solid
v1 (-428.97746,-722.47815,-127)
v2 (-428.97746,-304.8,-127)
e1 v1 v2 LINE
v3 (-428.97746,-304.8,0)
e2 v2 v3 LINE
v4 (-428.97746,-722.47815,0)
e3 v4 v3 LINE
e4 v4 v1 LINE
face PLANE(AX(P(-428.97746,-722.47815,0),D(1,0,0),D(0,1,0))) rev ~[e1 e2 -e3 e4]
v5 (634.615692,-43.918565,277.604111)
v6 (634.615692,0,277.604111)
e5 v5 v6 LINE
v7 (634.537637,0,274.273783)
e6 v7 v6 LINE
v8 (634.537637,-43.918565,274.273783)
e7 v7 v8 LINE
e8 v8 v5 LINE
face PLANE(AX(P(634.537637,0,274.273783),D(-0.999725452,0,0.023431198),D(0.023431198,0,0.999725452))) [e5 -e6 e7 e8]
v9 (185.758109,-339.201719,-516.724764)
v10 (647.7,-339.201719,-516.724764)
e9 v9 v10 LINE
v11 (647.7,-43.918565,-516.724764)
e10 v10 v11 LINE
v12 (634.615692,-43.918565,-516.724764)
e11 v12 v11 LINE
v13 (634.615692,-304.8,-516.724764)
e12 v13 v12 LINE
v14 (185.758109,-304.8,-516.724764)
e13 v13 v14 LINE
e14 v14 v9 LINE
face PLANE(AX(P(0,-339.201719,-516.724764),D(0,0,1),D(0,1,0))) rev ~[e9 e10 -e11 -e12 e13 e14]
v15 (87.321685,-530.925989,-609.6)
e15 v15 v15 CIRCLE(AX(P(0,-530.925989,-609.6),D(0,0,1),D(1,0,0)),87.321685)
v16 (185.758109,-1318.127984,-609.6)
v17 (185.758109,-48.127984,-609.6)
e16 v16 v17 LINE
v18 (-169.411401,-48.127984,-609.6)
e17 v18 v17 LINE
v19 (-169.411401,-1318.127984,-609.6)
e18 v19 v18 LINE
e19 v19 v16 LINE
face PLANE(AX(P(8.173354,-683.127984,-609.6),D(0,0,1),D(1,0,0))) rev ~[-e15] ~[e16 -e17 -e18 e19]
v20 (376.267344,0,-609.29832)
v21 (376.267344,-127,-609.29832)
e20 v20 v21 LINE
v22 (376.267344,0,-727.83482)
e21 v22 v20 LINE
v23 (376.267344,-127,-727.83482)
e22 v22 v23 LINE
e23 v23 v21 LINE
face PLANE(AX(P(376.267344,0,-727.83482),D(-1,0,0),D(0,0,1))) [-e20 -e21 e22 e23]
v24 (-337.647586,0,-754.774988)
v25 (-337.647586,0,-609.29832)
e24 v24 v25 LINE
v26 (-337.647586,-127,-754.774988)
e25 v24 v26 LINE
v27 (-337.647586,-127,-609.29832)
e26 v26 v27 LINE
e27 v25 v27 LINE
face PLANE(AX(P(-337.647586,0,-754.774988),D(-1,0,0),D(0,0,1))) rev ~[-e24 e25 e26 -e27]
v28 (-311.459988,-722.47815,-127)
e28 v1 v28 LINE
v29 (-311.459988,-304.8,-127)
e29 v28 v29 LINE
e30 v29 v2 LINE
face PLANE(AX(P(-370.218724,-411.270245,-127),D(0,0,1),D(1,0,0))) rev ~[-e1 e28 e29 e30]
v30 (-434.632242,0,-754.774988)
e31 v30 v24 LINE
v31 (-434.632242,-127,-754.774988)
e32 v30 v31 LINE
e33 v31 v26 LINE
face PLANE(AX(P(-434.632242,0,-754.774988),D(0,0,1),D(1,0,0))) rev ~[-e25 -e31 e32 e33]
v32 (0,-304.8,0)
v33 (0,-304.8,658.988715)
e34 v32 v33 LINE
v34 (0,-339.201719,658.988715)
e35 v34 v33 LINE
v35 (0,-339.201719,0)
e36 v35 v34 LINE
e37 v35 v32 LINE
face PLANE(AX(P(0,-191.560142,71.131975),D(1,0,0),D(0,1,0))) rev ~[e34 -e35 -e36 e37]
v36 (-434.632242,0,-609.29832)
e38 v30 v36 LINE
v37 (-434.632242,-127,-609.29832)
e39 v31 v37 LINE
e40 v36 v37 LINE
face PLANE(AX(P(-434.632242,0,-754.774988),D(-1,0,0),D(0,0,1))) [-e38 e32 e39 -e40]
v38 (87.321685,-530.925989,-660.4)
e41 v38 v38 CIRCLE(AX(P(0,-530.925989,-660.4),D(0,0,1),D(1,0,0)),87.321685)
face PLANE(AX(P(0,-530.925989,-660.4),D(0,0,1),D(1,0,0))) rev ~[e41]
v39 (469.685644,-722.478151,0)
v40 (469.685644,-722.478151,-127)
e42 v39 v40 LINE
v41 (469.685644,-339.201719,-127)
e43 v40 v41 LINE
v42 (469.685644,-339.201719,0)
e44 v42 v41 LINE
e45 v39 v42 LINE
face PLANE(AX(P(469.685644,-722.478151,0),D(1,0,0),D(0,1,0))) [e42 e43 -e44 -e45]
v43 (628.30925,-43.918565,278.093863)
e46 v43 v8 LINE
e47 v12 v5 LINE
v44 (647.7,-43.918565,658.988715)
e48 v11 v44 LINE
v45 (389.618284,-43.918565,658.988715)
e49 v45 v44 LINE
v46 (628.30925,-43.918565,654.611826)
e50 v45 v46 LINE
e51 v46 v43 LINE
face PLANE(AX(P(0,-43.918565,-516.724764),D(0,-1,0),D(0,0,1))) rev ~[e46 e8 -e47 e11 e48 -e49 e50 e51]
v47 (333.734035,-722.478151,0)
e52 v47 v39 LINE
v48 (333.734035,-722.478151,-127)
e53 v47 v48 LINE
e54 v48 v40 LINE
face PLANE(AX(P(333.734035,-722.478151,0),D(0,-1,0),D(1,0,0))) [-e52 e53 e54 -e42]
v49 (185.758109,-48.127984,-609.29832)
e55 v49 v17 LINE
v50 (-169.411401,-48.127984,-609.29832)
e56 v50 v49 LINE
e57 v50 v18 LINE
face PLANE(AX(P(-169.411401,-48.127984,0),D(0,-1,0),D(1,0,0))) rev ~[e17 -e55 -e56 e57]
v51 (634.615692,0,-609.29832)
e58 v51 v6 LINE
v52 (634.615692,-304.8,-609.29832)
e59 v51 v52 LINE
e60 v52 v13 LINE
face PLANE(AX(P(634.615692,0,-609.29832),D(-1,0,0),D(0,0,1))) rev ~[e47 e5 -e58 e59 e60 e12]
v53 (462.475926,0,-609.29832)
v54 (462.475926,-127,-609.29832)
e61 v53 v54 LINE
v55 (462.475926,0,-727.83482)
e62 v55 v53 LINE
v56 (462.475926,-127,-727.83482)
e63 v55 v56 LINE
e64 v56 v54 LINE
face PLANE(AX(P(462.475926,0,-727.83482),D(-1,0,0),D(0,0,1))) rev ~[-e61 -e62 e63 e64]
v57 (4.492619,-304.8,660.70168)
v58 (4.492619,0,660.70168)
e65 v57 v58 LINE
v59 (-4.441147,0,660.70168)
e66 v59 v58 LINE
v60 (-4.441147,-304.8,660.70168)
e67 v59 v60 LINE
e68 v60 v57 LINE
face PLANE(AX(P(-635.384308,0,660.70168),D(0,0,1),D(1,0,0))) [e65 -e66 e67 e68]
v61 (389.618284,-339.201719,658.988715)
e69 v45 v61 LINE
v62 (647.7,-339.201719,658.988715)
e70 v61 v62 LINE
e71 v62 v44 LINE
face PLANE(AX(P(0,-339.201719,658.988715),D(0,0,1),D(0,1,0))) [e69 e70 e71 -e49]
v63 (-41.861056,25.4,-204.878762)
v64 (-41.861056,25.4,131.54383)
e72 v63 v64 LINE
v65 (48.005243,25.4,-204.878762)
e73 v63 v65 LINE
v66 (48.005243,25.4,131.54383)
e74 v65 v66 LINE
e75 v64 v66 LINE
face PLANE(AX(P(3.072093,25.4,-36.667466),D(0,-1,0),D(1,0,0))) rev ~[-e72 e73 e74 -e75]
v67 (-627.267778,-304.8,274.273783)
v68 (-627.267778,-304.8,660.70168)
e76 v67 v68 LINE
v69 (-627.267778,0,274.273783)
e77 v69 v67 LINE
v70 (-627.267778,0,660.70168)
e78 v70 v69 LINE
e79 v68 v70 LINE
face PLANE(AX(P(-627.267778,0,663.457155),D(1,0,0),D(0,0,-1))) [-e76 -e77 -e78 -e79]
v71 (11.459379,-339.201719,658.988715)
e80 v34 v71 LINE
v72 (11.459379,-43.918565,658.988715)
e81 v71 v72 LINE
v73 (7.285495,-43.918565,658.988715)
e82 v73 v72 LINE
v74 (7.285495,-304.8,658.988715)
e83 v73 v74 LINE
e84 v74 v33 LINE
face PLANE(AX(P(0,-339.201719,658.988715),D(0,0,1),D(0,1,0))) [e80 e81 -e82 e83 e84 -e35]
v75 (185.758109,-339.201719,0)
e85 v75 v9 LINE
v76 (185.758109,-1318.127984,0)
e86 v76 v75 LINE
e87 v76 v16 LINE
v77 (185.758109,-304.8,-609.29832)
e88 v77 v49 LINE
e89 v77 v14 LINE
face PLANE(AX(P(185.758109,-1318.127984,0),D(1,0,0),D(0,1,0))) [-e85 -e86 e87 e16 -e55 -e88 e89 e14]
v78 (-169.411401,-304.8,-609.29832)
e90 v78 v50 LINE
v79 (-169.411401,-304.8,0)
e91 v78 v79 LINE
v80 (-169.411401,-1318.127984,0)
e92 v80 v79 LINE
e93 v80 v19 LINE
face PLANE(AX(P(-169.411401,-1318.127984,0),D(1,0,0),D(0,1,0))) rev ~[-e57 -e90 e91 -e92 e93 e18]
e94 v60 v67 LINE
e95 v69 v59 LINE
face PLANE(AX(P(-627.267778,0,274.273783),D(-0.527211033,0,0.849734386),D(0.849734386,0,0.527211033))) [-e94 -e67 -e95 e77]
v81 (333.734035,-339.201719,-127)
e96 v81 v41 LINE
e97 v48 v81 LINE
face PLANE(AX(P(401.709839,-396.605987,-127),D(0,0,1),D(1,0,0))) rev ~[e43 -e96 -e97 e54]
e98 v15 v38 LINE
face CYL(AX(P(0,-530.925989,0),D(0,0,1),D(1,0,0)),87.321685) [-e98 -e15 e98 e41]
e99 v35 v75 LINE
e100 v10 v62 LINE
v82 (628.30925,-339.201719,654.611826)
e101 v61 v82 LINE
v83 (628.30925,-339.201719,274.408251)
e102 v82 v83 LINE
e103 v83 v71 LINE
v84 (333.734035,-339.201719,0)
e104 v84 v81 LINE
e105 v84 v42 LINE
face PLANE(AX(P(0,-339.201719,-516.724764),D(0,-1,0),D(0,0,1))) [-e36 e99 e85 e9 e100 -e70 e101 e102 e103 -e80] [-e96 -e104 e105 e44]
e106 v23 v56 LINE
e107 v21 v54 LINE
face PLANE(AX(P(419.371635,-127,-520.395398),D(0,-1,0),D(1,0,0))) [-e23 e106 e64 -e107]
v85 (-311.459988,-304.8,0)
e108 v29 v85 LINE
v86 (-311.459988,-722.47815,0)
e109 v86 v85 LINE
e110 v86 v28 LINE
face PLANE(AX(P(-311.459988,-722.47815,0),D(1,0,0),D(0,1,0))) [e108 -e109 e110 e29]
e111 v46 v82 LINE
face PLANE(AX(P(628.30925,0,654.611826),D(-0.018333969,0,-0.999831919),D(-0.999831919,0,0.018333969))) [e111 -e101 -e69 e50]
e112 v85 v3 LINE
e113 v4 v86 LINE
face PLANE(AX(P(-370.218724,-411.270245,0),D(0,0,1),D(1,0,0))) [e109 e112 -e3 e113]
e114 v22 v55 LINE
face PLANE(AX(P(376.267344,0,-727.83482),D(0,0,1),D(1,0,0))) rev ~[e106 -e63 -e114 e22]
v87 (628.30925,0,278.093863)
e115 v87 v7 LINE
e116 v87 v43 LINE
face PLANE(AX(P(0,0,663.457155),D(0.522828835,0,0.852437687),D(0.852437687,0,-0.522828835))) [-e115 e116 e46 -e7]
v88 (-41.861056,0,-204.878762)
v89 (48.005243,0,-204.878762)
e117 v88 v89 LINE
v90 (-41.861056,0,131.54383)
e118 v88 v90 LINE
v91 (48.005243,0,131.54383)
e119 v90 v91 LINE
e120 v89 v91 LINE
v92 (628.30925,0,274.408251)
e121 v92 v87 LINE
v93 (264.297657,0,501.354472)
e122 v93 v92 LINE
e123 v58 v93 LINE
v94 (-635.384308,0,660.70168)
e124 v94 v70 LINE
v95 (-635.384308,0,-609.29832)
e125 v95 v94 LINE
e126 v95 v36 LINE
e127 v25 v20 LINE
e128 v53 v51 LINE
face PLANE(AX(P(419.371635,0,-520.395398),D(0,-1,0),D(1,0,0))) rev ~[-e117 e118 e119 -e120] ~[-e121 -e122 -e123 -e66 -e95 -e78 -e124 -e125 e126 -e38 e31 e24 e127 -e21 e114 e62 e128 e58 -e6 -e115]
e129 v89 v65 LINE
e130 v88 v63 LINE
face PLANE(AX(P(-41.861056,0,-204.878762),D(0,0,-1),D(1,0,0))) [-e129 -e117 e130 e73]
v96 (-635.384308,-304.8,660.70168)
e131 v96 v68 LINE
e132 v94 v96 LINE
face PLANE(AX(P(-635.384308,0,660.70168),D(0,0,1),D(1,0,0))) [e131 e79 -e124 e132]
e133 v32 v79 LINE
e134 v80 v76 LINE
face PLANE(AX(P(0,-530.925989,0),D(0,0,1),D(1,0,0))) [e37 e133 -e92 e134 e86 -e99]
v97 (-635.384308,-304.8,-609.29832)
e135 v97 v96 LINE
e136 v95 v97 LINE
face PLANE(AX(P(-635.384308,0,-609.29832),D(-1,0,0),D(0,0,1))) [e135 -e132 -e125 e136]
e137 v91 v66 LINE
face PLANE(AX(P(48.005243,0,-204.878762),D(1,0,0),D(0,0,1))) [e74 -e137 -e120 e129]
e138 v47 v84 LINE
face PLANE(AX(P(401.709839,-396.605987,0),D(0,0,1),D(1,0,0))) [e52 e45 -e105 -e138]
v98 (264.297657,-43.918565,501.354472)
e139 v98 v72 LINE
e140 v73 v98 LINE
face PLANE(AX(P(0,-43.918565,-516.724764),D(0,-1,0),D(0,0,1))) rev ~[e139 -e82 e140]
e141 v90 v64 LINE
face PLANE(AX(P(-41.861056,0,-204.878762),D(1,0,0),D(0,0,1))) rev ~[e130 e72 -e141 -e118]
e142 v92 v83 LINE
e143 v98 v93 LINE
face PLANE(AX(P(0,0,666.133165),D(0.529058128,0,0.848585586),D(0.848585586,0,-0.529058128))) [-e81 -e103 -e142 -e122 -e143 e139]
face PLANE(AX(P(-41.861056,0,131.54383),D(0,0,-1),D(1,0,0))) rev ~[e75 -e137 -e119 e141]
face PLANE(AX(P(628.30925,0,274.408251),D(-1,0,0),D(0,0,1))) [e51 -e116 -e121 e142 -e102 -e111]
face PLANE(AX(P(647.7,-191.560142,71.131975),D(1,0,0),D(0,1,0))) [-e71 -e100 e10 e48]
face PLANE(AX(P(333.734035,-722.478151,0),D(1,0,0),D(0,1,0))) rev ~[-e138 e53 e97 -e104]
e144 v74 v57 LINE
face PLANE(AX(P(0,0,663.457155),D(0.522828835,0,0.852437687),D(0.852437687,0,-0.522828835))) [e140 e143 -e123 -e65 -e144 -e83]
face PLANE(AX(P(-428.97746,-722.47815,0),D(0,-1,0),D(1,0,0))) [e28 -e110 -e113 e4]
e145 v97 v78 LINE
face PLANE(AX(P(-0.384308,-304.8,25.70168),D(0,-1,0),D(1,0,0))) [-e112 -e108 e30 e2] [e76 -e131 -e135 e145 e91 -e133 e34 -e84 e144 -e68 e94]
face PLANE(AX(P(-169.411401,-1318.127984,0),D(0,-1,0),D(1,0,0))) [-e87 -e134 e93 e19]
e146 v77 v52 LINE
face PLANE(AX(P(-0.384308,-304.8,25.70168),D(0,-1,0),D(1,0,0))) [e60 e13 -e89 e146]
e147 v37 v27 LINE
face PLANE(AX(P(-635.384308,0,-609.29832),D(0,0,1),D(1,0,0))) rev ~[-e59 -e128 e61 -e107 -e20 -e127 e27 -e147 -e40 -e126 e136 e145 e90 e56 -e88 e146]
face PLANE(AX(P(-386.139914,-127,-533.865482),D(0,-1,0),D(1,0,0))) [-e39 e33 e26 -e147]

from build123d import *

# Parameters (mm, degrees)
F0_W      = 1270
F0_H      = 1270
F1_DEPTH  = 304.8
F2_W      = 355.16951
F2_H      = 1270
F3_DEPTH  = 609.6
F4_R      = 87.321685
F5_DEPTH  = 660.4
F6_W      = 86.208582
F6_H      = 414.878845
F6_W_2    = 96.984655
F6_H_2    = 441.819012
F7_DEPTH  = 127
F8_W      = 135.951609
F8_H      = 651.744328
F8_W_2    = 117.517472
F8_H_2    = 622.415811
F9_DEPTH  = 127
F11_DEPTH = 381
F12_W     = 89.866299
F12_H     = 336.422592
F13_DEPTH = 25.4
F14_W     = 295.283154
F14_H     = 1175.713479
F15_DEPTH = 647.7
F17_DEPTH = 508


with BuildPart() as f1:
    # F0 (on Front) → F1 (new body)
    with BuildSketch(Plane.XZ):
        with Locations((-0.384308, 25.70168)):
            Rectangle(F0_W, F0_H)
    extrude(amount=F1_DEPTH)

    # F2 (on Top) → F3 (join)
    with BuildSketch(Plane.XY):
        with Locations((8.173354, -683.127984)):
            Rectangle(F2_W, F2_H)
    extrude(amount=-F3_DEPTH)

    # F4 (on Top) → F5 (join)
    with BuildSketch(Plane.XY):
        with Locations((0, -530.925989)):
            Circle(F4_R)
    extrude(amount=-F5_DEPTH)

    # F6 (on Front) → F7 (join)
    with BuildSketch(Plane.XZ):
        with Locations((419.371635, -520.395398)):
            Rectangle(F6_W, F6_H)
        with Locations((-386.139914, -533.865482)):
            Rectangle(F6_W_2, F6_H_2)
    extrude(amount=F7_DEPTH)

    # F8 (on Top) → F9 (join)
    with BuildSketch(Plane.XY):
        with Locations((401.709839, -396.605987)):
            Rectangle(F8_W, F8_H)
        with Locations((-370.218724, -411.270245)):
            Rectangle(F8_W_2, F8_H_2)
    extrude(amount=-F9_DEPTH)

    # F10 (on Front) → F11 (cut)
    with BuildSketch(Plane.XZ):
        Polygon((-627.267778, 274.273783), (0, 663.457155), (-627.267778, 663.457155), align=None)
        Polygon((0, 663.457155), (634.537637, 274.273783), (643.659174, 663.457155), align=None)
    extrude(amount=F11_DEPTH, mode=Mode.SUBTRACT)

    # F12 (on Front) → F13 (join)
    with BuildSketch(Plane.XZ):
        with Locations((3.072093, -36.667466)):
            Rectangle(F12_W, F12_H)
    extrude(amount=-F13_DEPTH)

    # F14 (on Right) → F15 (join)
    with BuildSketch(Plane.YZ):
        with Locations((-191.560142, 71.131975)):
            Rectangle(F14_W, F14_H)
    extrude(amount=F15_DEPTH)

    # F16 (on Front) → F17 (cut)
    with BuildSketch(Plane.XZ):
        Polygon((628.30925, 654.611826), (0, 666.133165), (628.30925, 274.408251), align=None)
    extrude(amount=F17_DEPTH, mode=Mode.SUBTRACT)


solid = f1.part
